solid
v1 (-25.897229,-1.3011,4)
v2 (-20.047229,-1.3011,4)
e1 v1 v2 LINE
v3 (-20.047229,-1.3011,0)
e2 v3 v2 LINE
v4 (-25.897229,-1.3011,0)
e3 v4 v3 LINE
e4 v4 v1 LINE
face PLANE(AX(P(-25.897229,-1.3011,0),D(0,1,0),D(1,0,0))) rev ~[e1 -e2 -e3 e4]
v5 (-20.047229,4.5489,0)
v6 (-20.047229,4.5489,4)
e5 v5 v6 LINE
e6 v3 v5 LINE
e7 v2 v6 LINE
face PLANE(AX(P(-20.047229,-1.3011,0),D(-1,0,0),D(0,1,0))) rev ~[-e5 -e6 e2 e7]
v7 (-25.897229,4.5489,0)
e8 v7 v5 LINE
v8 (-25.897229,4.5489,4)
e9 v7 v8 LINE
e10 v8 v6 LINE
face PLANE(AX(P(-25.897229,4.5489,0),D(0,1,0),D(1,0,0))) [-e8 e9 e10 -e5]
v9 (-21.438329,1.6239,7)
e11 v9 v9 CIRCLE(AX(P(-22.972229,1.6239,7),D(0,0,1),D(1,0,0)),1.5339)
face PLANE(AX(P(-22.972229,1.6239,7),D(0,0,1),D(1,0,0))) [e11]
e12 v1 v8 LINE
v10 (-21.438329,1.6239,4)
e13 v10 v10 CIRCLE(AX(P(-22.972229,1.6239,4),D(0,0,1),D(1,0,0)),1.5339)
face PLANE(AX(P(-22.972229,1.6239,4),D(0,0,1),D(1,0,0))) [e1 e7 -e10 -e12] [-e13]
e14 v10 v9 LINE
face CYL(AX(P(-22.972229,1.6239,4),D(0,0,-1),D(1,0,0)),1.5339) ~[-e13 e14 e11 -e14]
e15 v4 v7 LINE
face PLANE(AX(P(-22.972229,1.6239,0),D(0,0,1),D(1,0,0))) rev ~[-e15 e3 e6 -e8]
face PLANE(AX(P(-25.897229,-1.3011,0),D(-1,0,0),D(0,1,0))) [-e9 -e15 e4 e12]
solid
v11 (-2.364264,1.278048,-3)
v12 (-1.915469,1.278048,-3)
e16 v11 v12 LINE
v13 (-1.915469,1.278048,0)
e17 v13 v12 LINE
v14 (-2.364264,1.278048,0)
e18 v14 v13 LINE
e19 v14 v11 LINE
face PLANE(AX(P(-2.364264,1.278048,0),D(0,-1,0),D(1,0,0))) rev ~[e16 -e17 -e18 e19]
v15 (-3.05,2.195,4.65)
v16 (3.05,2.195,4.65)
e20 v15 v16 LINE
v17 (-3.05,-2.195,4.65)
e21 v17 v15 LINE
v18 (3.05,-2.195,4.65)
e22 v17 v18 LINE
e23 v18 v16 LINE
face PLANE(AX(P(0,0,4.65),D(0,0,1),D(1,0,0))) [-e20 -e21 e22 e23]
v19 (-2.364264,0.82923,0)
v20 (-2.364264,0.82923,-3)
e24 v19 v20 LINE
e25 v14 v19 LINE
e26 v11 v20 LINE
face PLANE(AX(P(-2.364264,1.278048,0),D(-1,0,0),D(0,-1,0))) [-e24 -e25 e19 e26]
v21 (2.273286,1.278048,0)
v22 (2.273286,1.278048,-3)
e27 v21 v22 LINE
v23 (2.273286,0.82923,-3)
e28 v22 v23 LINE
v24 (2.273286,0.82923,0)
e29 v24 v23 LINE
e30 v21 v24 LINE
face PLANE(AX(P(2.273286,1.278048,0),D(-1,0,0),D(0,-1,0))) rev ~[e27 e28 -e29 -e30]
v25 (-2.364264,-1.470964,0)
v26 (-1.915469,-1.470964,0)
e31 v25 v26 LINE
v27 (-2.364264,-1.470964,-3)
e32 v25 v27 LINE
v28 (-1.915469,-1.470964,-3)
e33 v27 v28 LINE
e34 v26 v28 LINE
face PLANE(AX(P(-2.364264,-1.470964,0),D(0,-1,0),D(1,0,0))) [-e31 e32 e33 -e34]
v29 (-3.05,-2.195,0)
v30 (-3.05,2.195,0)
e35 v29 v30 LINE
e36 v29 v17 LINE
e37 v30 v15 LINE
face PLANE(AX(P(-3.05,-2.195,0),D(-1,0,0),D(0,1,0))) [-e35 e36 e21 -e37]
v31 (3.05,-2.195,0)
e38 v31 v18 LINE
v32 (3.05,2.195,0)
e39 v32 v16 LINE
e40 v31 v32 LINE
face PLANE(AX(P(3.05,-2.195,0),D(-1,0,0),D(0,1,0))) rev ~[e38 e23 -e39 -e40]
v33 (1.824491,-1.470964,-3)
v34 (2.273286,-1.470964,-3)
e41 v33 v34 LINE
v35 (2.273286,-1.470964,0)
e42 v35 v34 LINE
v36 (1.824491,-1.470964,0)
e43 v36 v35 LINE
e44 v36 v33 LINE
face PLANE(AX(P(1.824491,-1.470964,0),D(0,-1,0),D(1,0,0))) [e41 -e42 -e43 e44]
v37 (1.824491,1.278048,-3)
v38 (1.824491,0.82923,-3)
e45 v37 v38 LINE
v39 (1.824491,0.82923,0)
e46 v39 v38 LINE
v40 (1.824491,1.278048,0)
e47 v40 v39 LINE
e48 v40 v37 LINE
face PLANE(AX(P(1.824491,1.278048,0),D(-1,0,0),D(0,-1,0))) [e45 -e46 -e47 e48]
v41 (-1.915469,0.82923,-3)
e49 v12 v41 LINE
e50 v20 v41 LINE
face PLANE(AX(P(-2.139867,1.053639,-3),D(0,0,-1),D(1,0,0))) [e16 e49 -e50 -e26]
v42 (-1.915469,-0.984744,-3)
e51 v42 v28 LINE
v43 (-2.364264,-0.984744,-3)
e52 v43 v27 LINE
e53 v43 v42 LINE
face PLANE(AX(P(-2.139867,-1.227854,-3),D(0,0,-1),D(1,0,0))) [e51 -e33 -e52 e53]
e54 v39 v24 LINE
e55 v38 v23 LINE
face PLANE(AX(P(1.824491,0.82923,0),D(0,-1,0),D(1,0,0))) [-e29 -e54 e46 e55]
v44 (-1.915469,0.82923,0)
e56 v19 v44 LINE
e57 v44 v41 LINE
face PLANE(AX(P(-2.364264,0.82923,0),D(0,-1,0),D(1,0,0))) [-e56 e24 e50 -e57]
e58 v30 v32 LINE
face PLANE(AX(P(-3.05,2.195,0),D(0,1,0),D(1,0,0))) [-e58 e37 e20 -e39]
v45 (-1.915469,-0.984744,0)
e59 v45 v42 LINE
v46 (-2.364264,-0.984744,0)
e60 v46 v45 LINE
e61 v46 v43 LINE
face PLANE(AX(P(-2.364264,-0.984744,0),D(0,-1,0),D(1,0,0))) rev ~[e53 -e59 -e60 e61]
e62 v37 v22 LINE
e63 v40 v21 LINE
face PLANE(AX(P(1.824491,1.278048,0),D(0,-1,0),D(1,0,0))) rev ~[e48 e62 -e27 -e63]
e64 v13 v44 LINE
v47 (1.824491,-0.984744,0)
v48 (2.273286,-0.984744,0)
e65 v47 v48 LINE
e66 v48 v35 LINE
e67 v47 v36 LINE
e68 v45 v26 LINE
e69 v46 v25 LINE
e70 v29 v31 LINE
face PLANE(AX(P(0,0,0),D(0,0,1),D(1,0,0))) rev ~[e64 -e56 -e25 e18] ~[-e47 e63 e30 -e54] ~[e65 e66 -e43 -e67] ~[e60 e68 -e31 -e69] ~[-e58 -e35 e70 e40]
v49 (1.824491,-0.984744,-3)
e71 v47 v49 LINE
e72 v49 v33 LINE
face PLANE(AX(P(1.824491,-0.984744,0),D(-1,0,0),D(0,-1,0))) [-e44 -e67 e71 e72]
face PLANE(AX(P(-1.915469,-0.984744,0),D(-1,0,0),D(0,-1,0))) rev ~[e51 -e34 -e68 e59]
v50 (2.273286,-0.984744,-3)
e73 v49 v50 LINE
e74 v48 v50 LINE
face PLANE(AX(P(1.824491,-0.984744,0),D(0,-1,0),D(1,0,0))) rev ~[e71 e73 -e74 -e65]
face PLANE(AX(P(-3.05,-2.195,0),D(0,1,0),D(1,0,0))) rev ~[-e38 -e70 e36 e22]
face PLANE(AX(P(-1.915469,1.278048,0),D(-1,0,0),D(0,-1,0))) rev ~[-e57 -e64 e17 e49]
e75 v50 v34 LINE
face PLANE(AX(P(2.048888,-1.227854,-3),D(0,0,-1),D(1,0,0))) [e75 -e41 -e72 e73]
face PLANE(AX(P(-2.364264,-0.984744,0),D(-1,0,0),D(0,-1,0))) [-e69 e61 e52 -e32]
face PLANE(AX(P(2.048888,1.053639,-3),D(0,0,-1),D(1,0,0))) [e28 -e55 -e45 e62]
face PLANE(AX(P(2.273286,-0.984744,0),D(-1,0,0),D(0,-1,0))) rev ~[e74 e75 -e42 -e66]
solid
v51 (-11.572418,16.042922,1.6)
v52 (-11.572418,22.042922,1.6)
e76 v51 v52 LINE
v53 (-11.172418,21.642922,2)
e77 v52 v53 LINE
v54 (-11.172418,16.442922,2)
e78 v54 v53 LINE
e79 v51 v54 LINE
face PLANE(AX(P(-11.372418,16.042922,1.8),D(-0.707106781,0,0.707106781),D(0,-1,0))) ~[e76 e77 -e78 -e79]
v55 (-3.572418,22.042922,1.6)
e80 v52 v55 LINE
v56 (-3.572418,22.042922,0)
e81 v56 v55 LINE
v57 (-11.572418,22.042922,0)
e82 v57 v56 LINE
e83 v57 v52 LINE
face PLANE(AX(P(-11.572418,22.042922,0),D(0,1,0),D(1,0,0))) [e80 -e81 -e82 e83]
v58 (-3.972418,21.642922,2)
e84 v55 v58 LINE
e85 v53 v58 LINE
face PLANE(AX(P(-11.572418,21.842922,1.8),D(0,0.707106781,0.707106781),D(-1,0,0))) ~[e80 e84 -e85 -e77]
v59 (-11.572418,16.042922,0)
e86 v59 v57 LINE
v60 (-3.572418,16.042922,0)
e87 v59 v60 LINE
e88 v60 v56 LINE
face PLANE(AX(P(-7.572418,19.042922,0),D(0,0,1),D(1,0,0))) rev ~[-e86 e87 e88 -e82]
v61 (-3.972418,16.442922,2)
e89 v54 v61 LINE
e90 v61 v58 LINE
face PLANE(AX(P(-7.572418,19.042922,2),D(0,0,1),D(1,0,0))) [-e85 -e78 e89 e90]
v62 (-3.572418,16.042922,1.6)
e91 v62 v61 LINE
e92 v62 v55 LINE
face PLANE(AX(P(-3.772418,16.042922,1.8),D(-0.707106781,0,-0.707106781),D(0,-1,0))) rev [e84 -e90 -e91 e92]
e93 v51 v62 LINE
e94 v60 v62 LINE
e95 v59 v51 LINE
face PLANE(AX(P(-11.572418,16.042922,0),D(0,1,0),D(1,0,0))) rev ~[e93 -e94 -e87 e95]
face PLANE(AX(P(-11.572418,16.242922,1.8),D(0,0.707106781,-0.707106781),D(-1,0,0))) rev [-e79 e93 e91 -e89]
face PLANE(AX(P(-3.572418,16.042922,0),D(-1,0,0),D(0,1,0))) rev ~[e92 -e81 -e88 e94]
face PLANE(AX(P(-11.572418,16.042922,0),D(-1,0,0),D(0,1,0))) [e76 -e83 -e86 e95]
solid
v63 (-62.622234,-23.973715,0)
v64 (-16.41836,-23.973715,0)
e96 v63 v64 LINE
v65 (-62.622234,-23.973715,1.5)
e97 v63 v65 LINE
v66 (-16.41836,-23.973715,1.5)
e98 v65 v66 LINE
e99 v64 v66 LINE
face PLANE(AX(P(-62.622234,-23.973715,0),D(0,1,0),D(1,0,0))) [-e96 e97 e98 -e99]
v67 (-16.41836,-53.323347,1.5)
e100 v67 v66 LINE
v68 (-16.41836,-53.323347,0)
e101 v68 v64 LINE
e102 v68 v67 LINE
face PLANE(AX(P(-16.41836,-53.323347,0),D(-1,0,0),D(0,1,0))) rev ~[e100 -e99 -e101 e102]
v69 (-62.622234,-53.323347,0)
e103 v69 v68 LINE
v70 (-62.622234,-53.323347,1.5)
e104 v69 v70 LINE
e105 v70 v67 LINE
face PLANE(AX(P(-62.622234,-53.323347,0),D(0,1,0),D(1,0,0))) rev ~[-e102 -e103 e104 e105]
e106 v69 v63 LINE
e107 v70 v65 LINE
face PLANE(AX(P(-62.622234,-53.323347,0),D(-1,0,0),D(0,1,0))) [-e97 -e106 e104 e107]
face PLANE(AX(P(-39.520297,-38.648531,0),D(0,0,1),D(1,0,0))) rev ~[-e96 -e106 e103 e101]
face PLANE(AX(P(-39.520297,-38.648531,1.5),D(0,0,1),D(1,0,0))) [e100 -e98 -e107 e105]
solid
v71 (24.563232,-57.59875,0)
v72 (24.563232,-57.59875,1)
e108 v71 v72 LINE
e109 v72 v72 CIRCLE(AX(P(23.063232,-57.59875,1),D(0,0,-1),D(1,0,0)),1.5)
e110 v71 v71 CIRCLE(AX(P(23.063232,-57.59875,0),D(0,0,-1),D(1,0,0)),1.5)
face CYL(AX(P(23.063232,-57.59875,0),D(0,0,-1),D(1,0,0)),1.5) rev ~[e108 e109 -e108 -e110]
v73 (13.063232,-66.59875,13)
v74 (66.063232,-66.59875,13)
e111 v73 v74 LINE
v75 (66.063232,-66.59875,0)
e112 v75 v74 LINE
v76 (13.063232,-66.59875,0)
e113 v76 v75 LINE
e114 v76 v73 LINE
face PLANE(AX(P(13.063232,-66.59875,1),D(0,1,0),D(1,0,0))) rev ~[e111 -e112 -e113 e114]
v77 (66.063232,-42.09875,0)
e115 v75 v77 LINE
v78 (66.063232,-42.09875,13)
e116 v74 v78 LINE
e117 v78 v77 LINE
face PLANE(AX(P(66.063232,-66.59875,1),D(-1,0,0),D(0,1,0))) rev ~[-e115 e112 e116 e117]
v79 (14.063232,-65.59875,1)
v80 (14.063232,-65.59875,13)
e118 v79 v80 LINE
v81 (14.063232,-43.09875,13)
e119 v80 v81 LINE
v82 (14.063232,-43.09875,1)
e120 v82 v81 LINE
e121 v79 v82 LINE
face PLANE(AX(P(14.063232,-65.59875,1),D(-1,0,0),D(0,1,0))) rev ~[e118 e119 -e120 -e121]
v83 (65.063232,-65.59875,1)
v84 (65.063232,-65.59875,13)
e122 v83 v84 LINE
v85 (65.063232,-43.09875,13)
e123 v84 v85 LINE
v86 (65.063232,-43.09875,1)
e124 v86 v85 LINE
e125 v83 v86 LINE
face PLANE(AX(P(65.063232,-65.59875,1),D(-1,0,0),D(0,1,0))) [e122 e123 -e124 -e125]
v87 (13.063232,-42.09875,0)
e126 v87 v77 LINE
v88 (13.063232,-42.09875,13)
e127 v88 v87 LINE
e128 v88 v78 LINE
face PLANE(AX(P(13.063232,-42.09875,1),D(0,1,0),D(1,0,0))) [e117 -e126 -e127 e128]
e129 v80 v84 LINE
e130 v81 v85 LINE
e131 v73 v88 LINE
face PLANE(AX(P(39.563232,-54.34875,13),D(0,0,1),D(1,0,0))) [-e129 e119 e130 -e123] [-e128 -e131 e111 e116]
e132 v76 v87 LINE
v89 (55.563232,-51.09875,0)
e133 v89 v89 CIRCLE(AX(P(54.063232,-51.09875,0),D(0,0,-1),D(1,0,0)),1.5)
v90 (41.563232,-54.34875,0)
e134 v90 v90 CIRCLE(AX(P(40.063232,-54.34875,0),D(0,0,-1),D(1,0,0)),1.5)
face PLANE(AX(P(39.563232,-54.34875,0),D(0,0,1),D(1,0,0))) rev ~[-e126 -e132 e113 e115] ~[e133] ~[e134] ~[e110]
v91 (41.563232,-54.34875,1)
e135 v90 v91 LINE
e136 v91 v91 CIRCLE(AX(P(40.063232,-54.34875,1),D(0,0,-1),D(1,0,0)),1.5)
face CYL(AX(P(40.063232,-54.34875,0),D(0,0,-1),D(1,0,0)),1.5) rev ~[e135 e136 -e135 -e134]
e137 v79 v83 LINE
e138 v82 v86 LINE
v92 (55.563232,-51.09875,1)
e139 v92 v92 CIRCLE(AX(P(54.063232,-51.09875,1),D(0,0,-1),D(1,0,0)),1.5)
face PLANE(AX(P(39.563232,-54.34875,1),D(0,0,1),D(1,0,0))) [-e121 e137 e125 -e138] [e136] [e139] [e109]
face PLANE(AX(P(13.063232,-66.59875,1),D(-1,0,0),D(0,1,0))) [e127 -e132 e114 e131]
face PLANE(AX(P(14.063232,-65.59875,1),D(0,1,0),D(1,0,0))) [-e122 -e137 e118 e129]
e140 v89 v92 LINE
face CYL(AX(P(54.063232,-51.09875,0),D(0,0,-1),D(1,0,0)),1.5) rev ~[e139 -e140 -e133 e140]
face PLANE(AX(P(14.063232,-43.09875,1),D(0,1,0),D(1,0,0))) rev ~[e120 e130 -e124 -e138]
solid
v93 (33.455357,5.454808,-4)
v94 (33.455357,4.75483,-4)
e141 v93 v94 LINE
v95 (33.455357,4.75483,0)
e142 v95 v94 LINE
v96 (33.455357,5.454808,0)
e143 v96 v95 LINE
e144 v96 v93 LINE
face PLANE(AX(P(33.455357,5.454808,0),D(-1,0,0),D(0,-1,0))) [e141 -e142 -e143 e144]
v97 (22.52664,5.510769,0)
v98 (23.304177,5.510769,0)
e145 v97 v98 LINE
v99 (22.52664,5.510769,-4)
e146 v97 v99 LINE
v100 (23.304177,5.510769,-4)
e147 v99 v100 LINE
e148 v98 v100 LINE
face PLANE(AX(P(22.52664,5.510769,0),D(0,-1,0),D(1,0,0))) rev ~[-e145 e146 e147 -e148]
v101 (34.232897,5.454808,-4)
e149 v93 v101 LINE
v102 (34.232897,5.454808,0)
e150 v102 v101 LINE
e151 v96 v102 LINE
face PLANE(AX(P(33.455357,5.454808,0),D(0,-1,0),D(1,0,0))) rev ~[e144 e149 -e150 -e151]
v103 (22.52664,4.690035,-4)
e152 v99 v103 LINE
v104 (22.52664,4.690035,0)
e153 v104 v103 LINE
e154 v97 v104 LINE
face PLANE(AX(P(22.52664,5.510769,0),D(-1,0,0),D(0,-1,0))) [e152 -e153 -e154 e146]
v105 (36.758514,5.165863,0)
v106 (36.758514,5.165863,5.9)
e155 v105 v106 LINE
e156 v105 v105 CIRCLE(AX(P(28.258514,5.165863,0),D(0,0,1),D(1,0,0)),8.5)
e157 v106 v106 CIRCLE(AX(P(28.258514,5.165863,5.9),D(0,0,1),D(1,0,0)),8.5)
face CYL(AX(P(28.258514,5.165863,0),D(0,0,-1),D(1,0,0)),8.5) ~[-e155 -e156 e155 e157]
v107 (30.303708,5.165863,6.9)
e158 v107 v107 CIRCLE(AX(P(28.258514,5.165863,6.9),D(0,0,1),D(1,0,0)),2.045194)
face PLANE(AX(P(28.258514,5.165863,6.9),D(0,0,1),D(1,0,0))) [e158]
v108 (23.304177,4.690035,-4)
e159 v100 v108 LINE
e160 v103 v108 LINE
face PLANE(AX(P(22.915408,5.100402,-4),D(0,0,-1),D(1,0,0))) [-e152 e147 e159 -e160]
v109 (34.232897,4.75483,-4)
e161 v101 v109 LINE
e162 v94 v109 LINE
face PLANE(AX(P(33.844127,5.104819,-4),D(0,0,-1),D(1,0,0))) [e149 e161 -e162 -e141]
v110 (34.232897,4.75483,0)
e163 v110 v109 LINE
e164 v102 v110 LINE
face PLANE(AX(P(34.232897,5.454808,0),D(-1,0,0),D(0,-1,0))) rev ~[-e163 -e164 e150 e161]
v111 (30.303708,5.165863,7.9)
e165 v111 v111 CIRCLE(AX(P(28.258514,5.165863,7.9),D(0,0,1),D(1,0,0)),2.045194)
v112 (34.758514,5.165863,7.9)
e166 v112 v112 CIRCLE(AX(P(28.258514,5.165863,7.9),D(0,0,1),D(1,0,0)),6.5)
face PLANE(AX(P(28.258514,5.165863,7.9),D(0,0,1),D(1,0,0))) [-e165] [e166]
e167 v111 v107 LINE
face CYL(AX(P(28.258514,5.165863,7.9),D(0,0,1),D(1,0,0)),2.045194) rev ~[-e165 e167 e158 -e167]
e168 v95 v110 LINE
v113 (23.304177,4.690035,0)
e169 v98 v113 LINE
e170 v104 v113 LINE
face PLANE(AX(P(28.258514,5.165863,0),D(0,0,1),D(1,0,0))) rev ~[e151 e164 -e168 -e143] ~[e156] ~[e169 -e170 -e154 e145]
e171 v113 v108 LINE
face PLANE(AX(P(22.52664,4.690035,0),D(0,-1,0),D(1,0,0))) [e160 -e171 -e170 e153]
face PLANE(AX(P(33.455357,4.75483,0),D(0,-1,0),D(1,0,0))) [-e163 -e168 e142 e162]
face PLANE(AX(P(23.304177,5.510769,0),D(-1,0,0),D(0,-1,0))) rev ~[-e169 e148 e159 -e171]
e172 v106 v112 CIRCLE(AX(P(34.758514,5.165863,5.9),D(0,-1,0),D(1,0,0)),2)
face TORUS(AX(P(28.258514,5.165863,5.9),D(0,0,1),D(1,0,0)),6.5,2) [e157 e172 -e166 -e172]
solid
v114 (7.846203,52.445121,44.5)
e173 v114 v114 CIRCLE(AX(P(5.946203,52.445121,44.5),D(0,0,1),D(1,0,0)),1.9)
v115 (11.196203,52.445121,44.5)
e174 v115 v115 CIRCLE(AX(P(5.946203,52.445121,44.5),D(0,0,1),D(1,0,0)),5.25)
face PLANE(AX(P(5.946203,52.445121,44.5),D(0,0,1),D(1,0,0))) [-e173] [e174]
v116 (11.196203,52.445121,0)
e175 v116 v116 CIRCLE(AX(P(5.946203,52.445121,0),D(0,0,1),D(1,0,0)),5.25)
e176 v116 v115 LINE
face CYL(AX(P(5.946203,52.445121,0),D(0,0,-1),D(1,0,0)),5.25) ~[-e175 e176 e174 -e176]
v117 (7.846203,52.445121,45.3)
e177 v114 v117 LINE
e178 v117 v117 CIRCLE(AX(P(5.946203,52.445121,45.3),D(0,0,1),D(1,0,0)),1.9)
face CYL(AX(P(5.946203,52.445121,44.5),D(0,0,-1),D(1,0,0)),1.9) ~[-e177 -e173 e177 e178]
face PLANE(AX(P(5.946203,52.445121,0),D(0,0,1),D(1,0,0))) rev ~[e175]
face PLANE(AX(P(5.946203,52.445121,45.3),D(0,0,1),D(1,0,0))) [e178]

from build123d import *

# Parameters (mm, degrees)
F0_W      = 6.1
F0_H      = 4.39
F1_DEPTH  = 4.65
F2_W      = 0.448795
F2_H      = 0.48622
F2_H_2    = 0.448818
F3_DEPTH  = 3
F4_W      = 5.85
F4_H      = 5.85
F5_DEPTH  = 4
F6_R      = 1.5339
F7_DEPTH  = 3
F8_R      = 8.5
F9_DEPTH  = 7.9
F10_R     = 2
F11_R     = 2.045194
F12_DEPTH = 1
F13_W     = 0.777537
F13_H     = 0.820734
F13_W_2   = 0.777539
F13_H_2   = 0.699977
F14_DEPTH = 4
F15_W     = 8
F15_H     = 6
F16_DEPTH = 2
F17_SIZE  = 0.4
F18_R     = 5.25
F19_DEPTH = 44.5
F20_R     = 1.9
F21_DEPTH = 0.8
F22_W     = 46.203874
F22_H     = 29.349632
F23_DEPTH = 1.5
F24_W     = 53
F24_H     = 24.5
F25_DEPTH = 1
F26_W     = 53
F26_H     = 24.5
F26_W_2   = 51
F26_H_2   = 22.5
F27_DEPTH = 12
F28_R     = 1.5
F29_DEPTH = 1


with BuildPart() as f1:
    # F0 (on Top) → F1 (new body)
    with BuildSketch(Plane.XY):
        Rectangle(F0_W, F0_H)
    extrude(amount=F1_DEPTH)

    # F2 (on face) → F3 (join)
    with BuildSketch(Plane(origin=(0, 0, 0), x_dir=(1, 0, 0), z_dir=(0, 0, -1))):
        with Locations((-2.139867, 1.227854)):
            Rectangle(F2_W, F2_H)
        with Locations((-2.139867, -1.053639)):
            Rectangle(F2_W, F2_H_2)
        with Locations((2.048888, 1.227854)):
            Rectangle(F2_W, F2_H)
        with Locations((2.048888, -1.053639)):
            Rectangle(F2_W, F2_H_2)
    extrude(amount=F3_DEPTH)


with BuildPart() as f5:
    # F4 (on Top) → F5 (new body)
    with BuildSketch(Plane.XY):
        with Locations((-22.972229, 1.6239)):
            Rectangle(F4_W, F4_H)
    extrude(amount=F5_DEPTH)

    # F6 (on face) → F7 (join)
    with BuildSketch(Plane.XY.offset(4)):
        with Locations((-22.972229, 1.6239)):
            Circle(F6_R)
    extrude(amount=F7_DEPTH)


with BuildPart() as f9:
    # F8 (on Top) → F9 (new body)
    with BuildSketch(Plane.XY):
        with Locations((28.258514, 5.165863)):
            Circle(F8_R)
    extrude(amount=F9_DEPTH)

    # F10
    f10_edges = [f9.edges().sort_by_distance(p)[0] for p in [
        (19.758514, 5.165863, 7.9),
    ]]
    fillet(f10_edges, radius=F10_R)

    # F11 (on face) → F12 (cut)
    with BuildSketch(Plane.XY.offset(7.9)):
        with Locations((28.258514, 5.165863)):
            Circle(F11_R)
    extrude(amount=-F12_DEPTH, mode=Mode.SUBTRACT)

    # F13 (on face) → F14 (join)
    with BuildSketch(Plane(origin=(0, 0, 0), x_dir=(1, 0, 0), z_dir=(0, 0, -1))):
        with Locations((22.915408, -5.100402)):
            Rectangle(F13_W, F13_H)
        with Locations((33.844127, -5.104819)):
            Rectangle(F13_W_2, F13_H_2)
    extrude(amount=F14_DEPTH)


with BuildPart() as f16:
    # F15 (on Top) → F16 (new body)
    with BuildSketch(Plane.XY):
        with Locations((-7.572418, 19.042922)):
            Rectangle(F15_W, F15_H)
    extrude(amount=F16_DEPTH)

    # F17
    f17_edges = [f16.edges().sort_by_distance(p)[0] for p in [
        (-7.572418, 16.042922, 2),
        (-7.572418, 22.042922, 2),
        (-3.572418, 19.042922, 2),
        (-11.572418, 19.042922, 2),
    ]]
    chamfer(f17_edges, length=F17_SIZE)


with BuildPart() as f19:
    # F18 (on Top) → F19 (new body)
    with BuildSketch(Plane.XY):
        with Locations((5.946203, 52.445121)):
            Circle(F18_R)
    extrude(amount=F19_DEPTH)

    # F20 (on face) → F21 (join)
    with BuildSketch(Plane.XY.offset(44.5)):
        with Locations((5.946203, 52.445121)):
            Circle(F20_R)
    extrude(amount=F21_DEPTH)


with BuildPart() as f23:
    # F22 (on Top) → F23 (new body)
    with BuildSketch(Plane.XY):
        with Locations((-39.520297, -38.648531)):
            Rectangle(F22_W, F22_H)
    extrude(amount=F23_DEPTH)


with BuildPart() as f25:
    # F24 (on Top) → F25 (new body)
    with BuildSketch(Plane.XY):
        with Locations((39.563232, -54.34875)):
            Rectangle(F24_W, F24_H)
    extrude(amount=F25_DEPTH)

    # F26 (on face) → F27 (join)
    with BuildSketch(Plane.XY.offset(1)):
        with Locations((39.563232, -54.34875)):
            Rectangle(F26_W, F26_H)
        with Locations((39.563232, -54.34875)):
            Rectangle(F26_W_2, F26_H_2, mode=Mode.SUBTRACT)
    extrude(amount=F27_DEPTH)

    # F28 (on face) → F29 (cut, through all)
    with BuildSketch(Plane(origin=(0, 0, 0), x_dir=(1, 0, 0), z_dir=(0, 0, -1))):
        with Locations((23.063232, 57.59875)):
            Circle(F28_R)
        with Locations((40.063232, 54.34875)):
            Circle(F28_R)
        with Locations((54.063232, 51.09875)):
            Circle(F28_R)
    extrude(amount=-F29_DEPTH, mode=Mode.SUBTRACT)


solid = Compound([f1.part, f5.part, f9.part, f16.part, f19.part, f23.part, f25.part])
